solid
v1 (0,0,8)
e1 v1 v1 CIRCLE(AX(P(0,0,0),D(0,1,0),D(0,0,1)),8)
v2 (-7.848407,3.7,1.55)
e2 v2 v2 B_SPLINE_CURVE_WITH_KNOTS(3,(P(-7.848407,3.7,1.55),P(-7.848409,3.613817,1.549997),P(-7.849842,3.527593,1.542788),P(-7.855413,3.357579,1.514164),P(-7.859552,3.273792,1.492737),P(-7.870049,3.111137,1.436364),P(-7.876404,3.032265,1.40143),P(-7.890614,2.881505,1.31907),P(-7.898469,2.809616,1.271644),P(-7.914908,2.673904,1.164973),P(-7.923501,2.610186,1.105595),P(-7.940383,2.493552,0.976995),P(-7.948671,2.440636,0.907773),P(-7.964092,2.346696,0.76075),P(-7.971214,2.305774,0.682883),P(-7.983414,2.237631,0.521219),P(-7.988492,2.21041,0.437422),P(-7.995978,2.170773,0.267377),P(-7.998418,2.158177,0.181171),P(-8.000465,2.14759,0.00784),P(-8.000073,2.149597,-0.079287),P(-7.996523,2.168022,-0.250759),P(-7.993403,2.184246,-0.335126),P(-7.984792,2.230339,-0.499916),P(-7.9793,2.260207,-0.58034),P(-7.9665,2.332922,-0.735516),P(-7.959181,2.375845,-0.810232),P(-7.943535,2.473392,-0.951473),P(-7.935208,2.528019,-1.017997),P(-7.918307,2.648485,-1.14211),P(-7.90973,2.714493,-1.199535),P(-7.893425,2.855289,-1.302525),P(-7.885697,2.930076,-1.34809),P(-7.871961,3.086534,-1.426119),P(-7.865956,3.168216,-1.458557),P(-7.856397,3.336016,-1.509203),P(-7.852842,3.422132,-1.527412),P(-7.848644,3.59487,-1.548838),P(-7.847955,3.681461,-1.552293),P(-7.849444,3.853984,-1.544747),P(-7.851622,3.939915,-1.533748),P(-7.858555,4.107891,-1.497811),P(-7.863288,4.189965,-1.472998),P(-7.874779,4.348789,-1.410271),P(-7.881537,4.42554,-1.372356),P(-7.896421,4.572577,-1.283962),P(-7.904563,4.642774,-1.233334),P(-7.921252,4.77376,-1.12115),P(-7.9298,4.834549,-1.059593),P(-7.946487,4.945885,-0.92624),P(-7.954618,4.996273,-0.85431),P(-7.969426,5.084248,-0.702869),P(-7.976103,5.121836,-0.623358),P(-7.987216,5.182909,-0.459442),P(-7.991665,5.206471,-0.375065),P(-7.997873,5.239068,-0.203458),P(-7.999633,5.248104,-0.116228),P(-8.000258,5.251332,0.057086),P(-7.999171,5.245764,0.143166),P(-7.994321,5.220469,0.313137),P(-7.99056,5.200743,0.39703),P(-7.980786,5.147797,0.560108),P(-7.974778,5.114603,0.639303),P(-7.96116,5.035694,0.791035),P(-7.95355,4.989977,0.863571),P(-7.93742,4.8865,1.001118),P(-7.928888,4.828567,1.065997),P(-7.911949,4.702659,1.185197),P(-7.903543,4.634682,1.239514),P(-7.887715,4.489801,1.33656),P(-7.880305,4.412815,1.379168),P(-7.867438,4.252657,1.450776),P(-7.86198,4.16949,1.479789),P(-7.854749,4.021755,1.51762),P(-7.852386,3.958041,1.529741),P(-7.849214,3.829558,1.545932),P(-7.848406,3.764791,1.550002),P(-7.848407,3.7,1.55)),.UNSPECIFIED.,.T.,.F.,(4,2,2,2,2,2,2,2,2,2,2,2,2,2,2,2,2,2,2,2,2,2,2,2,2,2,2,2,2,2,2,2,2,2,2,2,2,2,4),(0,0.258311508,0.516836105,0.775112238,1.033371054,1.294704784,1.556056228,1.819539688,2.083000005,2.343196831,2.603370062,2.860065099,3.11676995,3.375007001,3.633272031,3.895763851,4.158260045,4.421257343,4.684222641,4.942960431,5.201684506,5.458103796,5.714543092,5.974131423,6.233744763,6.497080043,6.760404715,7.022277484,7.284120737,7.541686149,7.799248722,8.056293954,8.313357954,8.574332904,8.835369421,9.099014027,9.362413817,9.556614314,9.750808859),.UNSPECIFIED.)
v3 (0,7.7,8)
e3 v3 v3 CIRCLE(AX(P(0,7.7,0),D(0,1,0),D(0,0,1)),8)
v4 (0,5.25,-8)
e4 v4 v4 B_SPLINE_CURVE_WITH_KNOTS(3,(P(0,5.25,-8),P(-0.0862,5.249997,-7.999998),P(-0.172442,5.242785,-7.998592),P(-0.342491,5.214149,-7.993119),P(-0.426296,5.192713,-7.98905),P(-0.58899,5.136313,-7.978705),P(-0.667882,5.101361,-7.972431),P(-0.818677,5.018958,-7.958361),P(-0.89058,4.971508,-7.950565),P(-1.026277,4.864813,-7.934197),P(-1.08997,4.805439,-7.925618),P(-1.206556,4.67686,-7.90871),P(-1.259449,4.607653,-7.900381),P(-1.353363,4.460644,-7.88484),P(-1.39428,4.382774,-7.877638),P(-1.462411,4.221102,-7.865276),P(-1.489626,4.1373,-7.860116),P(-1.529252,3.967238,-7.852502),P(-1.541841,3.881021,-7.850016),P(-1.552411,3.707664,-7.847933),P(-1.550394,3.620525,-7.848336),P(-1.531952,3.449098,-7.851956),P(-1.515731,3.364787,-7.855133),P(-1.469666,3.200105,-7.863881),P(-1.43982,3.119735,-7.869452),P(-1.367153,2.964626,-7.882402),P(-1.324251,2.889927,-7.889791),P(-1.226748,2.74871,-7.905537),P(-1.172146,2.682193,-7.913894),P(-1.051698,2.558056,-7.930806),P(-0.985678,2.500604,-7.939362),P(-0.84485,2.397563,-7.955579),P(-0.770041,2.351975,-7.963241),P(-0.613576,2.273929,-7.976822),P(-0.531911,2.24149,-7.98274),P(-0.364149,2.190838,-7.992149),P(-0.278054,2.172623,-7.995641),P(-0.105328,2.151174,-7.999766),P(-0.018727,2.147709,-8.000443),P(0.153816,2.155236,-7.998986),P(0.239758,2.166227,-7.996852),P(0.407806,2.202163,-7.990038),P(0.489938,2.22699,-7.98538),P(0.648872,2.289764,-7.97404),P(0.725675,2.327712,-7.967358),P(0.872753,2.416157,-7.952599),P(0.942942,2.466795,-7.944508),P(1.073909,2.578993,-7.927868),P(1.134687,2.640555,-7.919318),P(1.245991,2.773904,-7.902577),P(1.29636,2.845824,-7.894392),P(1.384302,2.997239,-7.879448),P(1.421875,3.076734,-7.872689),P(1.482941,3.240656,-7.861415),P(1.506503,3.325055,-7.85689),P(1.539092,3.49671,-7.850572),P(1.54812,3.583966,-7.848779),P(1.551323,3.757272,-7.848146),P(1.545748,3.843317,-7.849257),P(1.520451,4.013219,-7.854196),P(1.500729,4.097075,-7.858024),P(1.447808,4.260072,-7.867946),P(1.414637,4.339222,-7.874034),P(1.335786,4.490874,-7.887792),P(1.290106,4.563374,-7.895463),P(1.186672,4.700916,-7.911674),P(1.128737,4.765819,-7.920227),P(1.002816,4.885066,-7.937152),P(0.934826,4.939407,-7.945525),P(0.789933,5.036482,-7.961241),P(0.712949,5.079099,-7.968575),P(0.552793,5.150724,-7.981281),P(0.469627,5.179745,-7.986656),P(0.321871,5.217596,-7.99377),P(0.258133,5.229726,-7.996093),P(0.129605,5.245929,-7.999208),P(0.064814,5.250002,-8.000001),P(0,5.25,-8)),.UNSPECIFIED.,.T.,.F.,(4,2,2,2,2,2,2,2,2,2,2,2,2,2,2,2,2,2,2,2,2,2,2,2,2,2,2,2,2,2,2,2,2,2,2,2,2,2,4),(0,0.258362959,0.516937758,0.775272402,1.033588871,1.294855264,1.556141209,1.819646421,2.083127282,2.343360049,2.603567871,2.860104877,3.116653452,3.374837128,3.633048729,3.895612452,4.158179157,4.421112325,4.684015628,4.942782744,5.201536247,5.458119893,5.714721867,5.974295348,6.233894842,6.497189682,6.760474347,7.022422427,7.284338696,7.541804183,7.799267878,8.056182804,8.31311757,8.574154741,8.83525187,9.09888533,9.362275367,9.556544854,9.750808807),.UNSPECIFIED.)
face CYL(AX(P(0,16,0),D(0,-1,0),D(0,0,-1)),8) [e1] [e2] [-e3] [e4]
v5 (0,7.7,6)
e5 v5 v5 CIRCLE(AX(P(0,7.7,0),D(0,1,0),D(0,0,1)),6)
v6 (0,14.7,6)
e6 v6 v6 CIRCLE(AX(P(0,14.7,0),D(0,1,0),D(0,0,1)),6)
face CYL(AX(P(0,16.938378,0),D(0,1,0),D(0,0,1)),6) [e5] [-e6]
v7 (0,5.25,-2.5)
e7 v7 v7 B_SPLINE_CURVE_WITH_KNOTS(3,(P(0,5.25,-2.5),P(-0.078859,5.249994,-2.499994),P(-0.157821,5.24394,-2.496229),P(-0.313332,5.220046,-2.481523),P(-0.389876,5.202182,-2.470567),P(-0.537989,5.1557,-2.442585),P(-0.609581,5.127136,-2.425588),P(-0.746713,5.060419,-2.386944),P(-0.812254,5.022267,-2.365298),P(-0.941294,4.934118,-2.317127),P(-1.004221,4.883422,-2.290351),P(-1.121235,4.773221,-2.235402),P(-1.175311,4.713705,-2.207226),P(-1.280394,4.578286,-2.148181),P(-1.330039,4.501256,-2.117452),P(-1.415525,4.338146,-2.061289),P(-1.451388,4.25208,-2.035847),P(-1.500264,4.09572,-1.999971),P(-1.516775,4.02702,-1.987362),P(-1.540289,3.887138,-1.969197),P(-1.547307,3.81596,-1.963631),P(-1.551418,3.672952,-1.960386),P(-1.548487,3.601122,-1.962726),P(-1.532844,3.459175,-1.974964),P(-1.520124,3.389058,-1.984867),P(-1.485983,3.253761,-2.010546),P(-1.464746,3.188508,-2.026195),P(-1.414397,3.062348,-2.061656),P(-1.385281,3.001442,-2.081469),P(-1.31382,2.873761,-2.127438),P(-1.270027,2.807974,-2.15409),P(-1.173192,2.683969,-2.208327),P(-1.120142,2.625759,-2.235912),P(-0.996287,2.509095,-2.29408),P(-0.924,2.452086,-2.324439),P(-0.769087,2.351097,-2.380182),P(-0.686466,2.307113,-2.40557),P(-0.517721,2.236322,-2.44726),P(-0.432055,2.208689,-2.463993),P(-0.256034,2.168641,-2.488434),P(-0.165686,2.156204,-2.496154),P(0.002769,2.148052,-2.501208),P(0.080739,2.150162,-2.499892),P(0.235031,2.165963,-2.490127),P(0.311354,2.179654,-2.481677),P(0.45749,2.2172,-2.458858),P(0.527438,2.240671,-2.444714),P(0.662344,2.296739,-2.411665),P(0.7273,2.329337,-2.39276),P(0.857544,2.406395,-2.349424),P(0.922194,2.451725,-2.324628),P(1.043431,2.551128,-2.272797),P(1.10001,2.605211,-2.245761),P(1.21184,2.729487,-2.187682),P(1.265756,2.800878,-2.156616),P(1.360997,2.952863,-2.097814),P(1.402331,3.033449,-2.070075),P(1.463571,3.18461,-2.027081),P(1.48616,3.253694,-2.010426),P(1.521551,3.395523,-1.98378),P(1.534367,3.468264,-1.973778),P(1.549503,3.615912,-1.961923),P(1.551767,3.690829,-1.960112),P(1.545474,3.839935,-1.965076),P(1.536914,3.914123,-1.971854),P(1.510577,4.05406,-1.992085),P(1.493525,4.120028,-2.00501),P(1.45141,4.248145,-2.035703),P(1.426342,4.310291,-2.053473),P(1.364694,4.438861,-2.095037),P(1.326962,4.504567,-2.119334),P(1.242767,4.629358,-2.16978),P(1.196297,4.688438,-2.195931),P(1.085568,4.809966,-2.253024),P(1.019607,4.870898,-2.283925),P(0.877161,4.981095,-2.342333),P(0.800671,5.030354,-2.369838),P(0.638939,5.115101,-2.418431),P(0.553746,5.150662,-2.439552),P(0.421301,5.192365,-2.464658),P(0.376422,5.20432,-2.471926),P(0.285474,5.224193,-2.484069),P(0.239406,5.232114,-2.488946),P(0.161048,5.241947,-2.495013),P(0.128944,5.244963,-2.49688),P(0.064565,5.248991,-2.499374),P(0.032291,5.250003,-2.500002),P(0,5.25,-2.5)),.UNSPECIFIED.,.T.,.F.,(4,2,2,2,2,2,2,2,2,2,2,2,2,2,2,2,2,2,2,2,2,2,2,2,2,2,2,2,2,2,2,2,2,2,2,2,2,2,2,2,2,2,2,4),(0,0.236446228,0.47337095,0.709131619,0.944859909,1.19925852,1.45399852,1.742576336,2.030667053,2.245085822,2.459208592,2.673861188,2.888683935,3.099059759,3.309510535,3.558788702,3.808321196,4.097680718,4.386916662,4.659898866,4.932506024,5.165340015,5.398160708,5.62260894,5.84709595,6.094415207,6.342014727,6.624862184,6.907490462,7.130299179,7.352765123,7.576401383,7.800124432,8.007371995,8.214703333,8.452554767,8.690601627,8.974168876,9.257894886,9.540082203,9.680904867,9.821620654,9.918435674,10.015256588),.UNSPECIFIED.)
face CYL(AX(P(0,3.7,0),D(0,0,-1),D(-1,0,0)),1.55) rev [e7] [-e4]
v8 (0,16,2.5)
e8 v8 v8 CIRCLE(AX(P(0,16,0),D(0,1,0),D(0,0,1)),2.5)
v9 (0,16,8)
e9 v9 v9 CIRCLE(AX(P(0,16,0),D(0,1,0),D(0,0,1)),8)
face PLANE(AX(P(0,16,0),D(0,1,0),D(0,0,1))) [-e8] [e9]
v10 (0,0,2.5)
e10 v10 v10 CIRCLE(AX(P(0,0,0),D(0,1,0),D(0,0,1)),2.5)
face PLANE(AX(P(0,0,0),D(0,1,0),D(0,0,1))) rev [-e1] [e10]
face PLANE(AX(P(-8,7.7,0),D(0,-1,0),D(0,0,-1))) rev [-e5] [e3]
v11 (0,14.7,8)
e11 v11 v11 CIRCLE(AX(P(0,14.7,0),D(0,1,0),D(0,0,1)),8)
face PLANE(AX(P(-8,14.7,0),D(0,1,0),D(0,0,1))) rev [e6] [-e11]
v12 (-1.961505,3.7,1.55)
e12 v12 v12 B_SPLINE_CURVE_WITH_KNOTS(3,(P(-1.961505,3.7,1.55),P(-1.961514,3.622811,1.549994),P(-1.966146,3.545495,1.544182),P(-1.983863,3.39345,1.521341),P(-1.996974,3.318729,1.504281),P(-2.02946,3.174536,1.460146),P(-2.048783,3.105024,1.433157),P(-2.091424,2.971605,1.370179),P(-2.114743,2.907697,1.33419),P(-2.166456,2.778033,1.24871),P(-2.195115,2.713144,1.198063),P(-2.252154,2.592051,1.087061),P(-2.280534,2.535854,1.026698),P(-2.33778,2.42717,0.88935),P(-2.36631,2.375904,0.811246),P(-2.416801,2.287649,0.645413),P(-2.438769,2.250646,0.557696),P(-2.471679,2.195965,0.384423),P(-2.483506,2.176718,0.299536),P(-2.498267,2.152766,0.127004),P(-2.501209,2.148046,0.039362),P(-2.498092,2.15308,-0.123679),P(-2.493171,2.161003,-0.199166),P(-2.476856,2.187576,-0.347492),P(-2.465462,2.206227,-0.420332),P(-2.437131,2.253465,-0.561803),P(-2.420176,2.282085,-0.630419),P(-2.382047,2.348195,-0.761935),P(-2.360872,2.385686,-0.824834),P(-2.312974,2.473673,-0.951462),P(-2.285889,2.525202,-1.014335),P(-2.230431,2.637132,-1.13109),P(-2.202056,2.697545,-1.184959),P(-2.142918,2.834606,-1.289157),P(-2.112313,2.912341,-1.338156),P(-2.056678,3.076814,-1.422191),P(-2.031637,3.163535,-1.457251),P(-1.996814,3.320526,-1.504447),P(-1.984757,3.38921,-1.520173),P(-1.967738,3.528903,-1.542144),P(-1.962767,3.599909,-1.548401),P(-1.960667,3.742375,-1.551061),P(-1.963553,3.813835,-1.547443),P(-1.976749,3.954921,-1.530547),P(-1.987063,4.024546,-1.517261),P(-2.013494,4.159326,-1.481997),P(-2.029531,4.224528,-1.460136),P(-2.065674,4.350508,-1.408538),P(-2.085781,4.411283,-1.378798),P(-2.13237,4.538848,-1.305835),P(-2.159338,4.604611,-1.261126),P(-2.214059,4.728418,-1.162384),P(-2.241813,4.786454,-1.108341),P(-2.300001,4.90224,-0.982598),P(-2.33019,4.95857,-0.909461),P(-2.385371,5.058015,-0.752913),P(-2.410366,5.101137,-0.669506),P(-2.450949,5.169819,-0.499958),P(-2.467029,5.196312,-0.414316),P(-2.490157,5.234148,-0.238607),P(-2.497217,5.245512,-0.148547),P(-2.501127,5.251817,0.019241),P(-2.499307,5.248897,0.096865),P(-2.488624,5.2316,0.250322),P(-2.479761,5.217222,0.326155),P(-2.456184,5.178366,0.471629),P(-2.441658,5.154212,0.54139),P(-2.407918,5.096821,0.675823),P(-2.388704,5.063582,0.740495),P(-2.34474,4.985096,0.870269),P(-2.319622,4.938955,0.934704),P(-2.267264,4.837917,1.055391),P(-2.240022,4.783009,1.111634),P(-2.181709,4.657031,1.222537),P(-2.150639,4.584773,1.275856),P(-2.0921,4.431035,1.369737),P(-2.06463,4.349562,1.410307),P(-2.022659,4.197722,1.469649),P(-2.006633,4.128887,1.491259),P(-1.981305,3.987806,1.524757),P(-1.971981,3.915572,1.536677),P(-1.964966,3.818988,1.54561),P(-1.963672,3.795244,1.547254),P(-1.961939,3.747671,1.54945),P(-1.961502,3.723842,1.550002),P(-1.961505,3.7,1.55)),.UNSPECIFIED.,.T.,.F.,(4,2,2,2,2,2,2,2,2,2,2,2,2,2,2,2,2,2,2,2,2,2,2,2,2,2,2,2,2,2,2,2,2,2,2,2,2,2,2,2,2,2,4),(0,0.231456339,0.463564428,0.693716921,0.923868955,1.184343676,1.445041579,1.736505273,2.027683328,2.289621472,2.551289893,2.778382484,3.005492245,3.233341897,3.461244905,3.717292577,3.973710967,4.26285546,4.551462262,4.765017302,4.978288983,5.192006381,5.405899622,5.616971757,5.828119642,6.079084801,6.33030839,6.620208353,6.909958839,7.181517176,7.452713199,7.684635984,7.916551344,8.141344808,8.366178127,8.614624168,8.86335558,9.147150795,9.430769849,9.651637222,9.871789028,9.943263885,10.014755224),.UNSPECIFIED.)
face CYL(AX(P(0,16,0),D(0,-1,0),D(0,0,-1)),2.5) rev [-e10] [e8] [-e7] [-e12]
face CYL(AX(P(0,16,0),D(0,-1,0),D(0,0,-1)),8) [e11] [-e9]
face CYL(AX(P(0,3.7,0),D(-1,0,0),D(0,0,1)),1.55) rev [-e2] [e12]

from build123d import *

# Parameters (mm, degrees)
SKETCH1_R           = 8
SKETCH1_R_2         = 2.5
BOSS_EXTRUDE1_DEPTH = 16
SKETCH2_W           = 2
SKETCH2_H           = 7
SKETCH3_R           = 1.55
CUT_EXTRUDE1_DEPTH  = 8
CIRPATTERN1_COUNT   = 2
CIRPATTERN1_ANGLE   = 90


with BuildPart() as part:
    # Sketch1 → Boss-Extrude1 (new body)
    with BuildSketch(Plane(origin=(0, 0, 0), x_dir=(1, 0, 0), z_dir=(0, 1, 0))):
        with Locations(Location((0, 0, 0), (0, 0, 270))):
            Circle(SKETCH1_R)
        with Locations(Location((0, 0, 0), (0, 0, 270))):
            Circle(SKETCH1_R_2, mode=Mode.SUBTRACT)
    extrude(amount=BOSS_EXTRUDE1_DEPTH)

    # Sketch2 → Cut-Revolve1 (revolve, cut)
    with BuildSketch(Plane.XY, mode=Mode.PRIVATE) as cut_revolve1_sk:
        with Locations((-7, 11.2)):
            Rectangle(SKETCH2_W, SKETCH2_H)
    revolve(cut_revolve1_sk.sketch.rotate(Axis((0, 16.938378215, 0), (0, -1, 0)), 270), axis=Axis((0, 16.938378215, 0), (0, -1, 0)), mode=Mode.SUBTRACT)

    # Sketch3 → Cut-Extrude1 (cut)
    with BuildSketch(Plane.ZY.offset(8)):
        with Locations((0, 3.7)):
            Circle(SKETCH3_R)
    cut_extrude1 = extrude(amount=-CUT_EXTRUDE1_DEPTH, mode=Mode.SUBTRACT)

    # CirPattern1: Cut-Extrude1 ×2 about axis
    cirpattern1_axis = Axis((0, 16, 0), (0, -1, 0))
    for i in range(1, CIRPATTERN1_COUNT):
        add(cut_extrude1.rotate(cirpattern1_axis, i * CIRPATTERN1_ANGLE / (CIRPATTERN1_COUNT - 1)), mode=Mode.SUBTRACT)


solid = part.part
